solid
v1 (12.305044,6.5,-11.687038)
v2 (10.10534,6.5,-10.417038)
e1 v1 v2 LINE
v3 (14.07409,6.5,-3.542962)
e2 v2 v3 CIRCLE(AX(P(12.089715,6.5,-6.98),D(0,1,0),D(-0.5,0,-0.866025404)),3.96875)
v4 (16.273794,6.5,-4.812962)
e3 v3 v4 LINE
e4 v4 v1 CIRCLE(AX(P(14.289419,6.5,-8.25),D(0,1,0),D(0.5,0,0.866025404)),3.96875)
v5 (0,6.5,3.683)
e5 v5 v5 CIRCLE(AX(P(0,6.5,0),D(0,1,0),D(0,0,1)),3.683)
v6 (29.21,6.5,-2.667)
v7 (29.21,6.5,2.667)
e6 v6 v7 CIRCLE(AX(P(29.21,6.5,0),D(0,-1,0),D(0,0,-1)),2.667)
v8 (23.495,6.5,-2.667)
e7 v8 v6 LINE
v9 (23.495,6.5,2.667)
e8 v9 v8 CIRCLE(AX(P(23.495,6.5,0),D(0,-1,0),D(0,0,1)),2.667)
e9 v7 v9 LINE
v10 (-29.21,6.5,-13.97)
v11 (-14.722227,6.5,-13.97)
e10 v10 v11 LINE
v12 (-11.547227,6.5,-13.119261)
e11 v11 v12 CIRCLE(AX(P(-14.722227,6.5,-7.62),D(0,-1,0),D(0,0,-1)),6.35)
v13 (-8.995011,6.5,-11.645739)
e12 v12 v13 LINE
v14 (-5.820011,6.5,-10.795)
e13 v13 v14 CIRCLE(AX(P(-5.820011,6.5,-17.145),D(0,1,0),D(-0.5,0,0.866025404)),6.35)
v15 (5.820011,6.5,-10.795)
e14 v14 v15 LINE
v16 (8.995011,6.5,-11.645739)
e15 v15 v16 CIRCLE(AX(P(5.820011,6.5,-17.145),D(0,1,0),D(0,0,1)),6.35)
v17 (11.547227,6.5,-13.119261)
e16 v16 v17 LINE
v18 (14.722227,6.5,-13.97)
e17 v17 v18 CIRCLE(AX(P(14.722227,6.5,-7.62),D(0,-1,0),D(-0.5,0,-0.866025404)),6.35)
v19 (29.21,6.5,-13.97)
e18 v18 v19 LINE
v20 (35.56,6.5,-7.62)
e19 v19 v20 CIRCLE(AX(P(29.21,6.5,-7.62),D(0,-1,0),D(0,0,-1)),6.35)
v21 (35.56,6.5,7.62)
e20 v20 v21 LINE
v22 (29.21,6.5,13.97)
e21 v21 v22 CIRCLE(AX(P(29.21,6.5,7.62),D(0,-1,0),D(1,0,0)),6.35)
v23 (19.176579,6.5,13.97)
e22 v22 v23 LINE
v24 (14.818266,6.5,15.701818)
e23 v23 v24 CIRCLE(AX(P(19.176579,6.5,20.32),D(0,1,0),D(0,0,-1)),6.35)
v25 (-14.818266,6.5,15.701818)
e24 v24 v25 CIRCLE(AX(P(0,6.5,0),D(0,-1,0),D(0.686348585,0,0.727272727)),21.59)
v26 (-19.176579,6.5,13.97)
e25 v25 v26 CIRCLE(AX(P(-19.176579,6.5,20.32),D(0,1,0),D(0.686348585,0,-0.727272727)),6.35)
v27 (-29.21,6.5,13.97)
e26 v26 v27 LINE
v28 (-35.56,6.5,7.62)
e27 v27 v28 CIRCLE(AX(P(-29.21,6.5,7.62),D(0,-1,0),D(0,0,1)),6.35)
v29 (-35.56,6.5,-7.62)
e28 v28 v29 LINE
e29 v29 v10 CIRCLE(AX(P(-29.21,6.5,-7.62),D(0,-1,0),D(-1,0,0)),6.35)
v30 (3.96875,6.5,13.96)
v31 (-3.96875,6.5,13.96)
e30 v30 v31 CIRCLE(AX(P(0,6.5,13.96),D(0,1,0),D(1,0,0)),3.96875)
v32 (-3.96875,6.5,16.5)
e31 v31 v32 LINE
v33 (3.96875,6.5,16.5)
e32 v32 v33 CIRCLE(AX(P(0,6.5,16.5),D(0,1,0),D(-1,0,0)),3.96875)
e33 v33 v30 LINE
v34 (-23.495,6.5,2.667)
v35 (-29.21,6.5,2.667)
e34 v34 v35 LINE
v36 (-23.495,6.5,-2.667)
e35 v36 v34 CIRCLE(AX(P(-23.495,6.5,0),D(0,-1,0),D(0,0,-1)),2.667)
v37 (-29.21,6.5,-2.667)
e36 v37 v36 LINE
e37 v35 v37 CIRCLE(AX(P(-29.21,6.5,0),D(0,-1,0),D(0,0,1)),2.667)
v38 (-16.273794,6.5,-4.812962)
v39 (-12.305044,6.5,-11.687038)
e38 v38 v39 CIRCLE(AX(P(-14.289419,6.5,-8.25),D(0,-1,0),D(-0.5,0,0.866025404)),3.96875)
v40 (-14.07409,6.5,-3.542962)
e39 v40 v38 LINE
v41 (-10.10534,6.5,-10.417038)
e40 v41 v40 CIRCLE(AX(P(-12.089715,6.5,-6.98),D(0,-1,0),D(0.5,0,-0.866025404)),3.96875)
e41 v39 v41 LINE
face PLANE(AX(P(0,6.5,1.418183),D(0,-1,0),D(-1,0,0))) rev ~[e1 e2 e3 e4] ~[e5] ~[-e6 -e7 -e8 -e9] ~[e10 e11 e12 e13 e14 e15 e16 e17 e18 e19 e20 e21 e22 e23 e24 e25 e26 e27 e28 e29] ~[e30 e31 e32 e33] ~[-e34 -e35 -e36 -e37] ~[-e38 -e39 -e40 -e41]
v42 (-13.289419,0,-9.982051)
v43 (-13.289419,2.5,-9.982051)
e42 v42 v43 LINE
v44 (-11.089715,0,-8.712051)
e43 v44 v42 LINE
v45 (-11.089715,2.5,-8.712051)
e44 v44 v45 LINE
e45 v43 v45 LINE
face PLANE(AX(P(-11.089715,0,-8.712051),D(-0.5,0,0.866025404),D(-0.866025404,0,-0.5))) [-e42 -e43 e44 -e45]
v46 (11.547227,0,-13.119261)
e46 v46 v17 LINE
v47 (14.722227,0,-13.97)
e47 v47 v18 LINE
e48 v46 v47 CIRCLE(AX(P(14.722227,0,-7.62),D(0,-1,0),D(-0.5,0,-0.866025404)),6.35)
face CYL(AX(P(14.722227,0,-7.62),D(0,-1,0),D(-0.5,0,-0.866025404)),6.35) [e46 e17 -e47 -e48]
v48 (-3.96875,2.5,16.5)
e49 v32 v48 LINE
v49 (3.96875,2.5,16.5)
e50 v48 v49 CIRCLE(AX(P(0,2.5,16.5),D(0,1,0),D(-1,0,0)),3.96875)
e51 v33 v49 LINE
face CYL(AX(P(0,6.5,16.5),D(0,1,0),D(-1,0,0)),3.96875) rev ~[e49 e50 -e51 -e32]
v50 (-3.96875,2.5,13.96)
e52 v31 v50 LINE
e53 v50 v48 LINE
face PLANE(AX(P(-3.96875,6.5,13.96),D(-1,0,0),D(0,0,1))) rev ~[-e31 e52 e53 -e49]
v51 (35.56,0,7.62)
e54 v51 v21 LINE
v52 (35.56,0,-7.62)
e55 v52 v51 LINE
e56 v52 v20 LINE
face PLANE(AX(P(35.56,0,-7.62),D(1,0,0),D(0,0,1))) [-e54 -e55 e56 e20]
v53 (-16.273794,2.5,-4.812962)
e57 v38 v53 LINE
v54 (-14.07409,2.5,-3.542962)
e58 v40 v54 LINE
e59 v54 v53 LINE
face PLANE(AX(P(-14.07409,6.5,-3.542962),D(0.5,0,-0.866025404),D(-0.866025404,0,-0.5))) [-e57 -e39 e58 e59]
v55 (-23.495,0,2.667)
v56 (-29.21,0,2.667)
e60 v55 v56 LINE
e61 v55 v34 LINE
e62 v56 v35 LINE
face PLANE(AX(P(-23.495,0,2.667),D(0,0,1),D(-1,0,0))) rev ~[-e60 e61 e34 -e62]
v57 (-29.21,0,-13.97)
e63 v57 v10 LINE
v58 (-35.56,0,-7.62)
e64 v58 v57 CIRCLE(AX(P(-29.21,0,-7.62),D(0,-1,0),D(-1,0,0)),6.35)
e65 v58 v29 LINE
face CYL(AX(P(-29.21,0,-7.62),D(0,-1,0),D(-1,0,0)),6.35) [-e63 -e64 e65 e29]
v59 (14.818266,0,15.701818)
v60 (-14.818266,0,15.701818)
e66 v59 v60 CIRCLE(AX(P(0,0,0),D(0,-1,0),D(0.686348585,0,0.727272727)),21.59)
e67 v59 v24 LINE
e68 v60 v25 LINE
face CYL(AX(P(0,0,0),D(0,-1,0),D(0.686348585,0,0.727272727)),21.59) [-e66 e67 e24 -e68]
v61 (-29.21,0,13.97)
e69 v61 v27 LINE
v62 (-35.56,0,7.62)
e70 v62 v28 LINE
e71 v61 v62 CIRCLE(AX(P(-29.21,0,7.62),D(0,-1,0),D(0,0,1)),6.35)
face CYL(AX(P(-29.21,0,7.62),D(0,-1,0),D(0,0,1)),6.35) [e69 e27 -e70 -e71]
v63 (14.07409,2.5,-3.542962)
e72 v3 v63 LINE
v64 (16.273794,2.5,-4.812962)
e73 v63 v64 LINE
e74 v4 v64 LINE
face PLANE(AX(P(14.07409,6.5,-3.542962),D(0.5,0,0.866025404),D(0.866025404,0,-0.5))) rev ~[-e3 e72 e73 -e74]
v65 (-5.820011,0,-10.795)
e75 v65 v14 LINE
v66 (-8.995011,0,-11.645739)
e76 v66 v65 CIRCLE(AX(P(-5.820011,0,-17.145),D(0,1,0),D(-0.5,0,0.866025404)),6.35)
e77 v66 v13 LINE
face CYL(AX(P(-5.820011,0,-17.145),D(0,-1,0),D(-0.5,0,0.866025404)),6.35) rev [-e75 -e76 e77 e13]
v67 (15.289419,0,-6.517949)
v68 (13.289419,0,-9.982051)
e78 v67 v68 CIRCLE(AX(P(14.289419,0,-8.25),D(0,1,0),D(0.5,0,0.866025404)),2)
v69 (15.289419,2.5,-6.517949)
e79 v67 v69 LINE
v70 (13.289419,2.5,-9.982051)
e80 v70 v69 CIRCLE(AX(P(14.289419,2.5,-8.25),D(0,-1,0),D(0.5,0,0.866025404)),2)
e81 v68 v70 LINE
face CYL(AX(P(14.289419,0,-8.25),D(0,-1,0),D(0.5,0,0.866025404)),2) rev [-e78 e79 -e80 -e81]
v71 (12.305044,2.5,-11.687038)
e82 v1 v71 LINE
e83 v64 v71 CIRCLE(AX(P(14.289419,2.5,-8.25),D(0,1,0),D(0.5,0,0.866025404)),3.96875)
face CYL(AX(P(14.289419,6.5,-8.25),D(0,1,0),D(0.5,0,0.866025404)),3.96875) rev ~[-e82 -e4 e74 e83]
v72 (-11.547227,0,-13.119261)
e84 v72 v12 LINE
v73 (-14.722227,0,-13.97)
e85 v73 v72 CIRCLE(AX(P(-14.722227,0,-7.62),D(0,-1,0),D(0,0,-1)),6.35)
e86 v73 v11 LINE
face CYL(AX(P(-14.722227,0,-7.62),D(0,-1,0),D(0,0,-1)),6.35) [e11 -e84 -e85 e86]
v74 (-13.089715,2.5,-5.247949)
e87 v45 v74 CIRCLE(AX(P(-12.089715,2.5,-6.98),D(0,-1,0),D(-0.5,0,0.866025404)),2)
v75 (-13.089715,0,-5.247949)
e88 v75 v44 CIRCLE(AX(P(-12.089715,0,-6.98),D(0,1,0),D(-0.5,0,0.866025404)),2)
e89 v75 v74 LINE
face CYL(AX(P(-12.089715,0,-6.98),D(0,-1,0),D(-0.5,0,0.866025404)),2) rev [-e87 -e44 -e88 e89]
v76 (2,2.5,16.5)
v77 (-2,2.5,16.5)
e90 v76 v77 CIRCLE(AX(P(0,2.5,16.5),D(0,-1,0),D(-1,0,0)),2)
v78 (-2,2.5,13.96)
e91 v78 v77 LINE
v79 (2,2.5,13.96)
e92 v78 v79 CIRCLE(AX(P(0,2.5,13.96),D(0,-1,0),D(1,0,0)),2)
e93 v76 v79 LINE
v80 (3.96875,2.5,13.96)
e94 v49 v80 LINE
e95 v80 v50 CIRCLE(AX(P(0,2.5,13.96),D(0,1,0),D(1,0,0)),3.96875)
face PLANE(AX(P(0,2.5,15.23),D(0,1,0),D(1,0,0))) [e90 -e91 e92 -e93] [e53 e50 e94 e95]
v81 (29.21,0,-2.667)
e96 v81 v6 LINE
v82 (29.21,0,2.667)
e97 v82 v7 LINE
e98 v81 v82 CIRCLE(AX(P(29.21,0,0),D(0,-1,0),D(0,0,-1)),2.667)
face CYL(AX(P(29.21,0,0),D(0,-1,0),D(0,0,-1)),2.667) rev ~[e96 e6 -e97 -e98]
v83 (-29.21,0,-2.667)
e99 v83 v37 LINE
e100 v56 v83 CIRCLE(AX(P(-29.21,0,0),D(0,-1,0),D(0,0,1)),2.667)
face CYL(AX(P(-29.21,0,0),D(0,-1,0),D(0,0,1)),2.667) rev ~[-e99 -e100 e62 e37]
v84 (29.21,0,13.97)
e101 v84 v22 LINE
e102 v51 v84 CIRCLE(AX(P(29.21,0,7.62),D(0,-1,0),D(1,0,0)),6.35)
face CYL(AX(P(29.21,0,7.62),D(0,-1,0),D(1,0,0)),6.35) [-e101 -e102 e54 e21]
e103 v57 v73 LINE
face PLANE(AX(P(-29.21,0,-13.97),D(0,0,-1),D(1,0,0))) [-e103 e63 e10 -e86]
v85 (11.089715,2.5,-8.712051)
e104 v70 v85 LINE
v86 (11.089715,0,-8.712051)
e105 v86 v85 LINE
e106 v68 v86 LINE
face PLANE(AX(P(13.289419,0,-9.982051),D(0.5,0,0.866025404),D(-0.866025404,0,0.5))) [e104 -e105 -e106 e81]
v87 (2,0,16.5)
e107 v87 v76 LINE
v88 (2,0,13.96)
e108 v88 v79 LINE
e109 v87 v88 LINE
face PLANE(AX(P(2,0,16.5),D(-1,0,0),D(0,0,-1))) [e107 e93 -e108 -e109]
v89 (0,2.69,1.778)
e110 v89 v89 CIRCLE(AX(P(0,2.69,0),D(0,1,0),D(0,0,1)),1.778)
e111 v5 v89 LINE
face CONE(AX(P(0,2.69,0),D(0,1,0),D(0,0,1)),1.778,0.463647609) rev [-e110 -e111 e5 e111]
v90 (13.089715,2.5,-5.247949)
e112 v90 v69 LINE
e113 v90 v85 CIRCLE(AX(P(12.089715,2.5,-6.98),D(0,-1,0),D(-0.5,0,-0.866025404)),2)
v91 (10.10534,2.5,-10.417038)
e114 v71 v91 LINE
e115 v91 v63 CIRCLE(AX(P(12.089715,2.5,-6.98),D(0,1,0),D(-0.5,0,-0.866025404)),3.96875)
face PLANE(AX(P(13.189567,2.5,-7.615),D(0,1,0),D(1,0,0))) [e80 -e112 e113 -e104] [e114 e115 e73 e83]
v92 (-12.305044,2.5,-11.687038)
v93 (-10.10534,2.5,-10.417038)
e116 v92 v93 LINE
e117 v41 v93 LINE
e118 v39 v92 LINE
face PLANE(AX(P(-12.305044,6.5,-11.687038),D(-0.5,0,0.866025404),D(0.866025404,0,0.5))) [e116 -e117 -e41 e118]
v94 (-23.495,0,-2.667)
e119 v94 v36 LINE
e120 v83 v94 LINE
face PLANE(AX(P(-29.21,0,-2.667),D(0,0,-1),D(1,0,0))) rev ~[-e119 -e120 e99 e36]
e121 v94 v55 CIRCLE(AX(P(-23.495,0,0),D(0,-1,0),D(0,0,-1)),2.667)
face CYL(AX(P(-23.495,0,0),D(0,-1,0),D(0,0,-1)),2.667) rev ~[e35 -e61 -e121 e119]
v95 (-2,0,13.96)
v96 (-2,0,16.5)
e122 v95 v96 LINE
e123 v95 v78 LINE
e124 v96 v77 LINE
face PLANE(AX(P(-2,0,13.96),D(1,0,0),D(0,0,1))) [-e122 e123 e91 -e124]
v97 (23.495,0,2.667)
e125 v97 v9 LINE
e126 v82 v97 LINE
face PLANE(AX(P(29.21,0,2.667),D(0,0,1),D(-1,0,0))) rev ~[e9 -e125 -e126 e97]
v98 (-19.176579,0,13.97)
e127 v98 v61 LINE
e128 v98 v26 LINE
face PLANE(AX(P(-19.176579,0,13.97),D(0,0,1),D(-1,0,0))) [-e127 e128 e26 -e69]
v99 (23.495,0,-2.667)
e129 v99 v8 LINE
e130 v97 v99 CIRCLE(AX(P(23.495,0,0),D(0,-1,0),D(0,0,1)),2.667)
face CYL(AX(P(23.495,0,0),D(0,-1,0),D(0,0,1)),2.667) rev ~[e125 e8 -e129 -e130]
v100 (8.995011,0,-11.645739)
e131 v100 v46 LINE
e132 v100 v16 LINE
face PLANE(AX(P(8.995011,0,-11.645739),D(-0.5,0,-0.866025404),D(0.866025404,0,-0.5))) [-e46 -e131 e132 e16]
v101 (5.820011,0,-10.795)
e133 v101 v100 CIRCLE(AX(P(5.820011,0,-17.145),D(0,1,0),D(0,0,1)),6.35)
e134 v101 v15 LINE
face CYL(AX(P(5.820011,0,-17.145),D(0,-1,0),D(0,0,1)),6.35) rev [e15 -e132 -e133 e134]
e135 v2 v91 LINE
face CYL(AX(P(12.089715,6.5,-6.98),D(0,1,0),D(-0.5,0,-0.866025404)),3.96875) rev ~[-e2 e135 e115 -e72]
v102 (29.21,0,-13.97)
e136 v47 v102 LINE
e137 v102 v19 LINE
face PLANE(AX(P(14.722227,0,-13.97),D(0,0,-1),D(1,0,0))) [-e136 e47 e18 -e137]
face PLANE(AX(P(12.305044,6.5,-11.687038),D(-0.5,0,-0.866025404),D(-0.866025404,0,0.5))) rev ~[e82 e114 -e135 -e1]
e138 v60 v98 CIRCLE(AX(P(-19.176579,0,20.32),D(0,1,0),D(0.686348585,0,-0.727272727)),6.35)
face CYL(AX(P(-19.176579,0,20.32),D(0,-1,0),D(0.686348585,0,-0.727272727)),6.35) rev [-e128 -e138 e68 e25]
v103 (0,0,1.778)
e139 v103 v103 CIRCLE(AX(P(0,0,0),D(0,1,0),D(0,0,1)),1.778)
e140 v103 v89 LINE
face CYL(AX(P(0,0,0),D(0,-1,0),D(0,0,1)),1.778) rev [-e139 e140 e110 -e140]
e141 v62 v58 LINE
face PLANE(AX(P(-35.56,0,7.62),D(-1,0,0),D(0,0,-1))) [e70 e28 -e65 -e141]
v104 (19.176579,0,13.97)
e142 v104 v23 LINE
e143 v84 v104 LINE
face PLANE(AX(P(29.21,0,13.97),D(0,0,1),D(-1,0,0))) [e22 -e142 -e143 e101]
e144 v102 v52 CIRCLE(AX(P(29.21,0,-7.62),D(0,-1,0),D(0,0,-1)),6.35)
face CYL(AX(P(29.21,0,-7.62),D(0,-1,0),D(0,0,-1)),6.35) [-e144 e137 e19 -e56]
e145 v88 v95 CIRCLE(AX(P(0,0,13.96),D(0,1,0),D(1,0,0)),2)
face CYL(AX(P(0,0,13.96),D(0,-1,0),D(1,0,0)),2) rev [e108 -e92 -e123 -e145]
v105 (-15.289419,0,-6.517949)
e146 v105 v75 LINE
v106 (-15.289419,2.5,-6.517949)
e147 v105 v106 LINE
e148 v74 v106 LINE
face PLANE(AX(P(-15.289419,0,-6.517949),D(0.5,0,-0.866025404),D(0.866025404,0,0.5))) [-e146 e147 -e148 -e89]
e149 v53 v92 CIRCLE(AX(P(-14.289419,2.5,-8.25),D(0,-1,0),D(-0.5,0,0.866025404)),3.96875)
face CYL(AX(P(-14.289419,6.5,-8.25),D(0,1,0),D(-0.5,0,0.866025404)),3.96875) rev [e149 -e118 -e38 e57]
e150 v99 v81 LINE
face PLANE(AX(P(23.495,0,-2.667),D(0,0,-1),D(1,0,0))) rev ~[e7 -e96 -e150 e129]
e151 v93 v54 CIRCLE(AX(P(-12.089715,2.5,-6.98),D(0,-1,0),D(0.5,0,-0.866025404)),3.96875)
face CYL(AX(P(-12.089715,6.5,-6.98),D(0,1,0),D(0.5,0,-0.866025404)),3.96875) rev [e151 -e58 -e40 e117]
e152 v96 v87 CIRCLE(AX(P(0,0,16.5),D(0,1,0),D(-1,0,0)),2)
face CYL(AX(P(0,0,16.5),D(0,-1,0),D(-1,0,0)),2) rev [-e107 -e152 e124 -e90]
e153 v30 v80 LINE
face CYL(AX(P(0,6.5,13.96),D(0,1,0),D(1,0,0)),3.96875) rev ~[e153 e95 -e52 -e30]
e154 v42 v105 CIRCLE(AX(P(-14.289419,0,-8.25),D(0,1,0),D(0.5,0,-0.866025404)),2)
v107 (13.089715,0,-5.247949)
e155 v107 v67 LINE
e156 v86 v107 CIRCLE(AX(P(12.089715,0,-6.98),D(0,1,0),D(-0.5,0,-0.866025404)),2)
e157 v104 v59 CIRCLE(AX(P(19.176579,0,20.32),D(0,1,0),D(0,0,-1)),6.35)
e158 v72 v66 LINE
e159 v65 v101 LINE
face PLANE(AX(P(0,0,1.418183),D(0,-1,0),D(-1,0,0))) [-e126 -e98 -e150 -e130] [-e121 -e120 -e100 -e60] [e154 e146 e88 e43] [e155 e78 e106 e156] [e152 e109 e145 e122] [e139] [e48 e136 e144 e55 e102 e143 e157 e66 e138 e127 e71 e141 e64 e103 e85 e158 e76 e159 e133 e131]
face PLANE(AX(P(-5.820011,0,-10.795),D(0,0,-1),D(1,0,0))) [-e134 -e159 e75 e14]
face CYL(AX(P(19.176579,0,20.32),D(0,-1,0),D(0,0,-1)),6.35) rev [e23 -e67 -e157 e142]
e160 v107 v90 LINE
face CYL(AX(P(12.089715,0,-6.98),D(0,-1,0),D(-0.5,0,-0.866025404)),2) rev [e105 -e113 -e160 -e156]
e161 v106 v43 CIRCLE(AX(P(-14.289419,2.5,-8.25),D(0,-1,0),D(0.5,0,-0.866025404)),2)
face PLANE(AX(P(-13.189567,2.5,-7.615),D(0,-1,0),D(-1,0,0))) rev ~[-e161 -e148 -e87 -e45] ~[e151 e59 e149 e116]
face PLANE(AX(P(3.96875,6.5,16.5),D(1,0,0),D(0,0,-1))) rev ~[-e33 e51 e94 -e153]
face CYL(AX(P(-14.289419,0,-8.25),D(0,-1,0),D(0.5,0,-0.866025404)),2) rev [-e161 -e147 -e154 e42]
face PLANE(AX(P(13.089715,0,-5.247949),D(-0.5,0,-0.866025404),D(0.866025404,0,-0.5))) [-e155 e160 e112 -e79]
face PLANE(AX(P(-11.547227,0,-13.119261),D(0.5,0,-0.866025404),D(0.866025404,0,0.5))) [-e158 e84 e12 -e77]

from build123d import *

# Parameters (mm, degrees)
SKETCH1_R           = 1.778
BOSS_EXTRUDE1_DEPTH = 6.5
CUT_EXTRUDE1_DEPTH  = 4
CHAMFER1_SIZE       = 1.905
CHAMFER1_SIZE2      = 3.81


with BuildPart() as part:
    # Sketch1 → Boss-Extrude1 (new body)
    with BuildSketch(Plane(origin=(0, 0, 0), x_dir=(1, 0, 0), z_dir=(0, 1, 0))):
        with BuildLine():
            Line((14.722227154, 13.97), (29.21, 13.97))
            ThreePointArc((29.21, 13.97), (33.700128061, 12.110128061), (35.56, 7.62))
            Line((35.56, 7.62), (35.56, -7.62))
            ThreePointArc((35.56, -7.62), (33.700128061, -12.110128061), (29.21, -13.97))
            Line((29.21, -13.97), (19.176579466, -13.97))
            ThreePointArc((19.176579466, -13.97), (16.831686562, -14.418815604), (14.818265951, -15.701818182))
            ThreePointArc((14.818265951, -15.701818182), (0, -21.59), (-14.818265951, -15.701818182))
            ThreePointArc((-14.818265951, -15.701818182), (-16.831686562, -14.418815604), (-19.176579466, -13.97))
            Line((-19.176579466, -13.97), (-29.21, -13.97))
            ThreePointArc((-29.21, -13.97), (-33.700128061, -12.110128061), (-35.56, -7.62))
            Line((-35.56, -7.62), (-35.56, 7.62))
            ThreePointArc((-35.56, 7.62), (-33.700128061, 12.110128061), (-29.21, 13.97))
            Line((-29.21, 13.97), (-14.722227154, 13.97))
            ThreePointArc((-14.722227154, 13.97), (-13.078726217, 13.753628997), (-11.547227154, 13.119261314))
            Line((-11.547227154, 13.119261314), (-8.995011096, 11.645738686))
            ThreePointArc((-8.995011096, 11.645738686), (-7.463512032, 11.011371003), (-5.820011096, 10.795))
            Line((-5.820011096, 10.795), (5.820011096, 10.795))
            ThreePointArc((5.820011096, 10.795), (7.463512032, 11.011371003), (8.995011096, 11.645738686))
            Line((8.995011096, 11.645738686), (11.547227154, 13.119261314))
            ThreePointArc((11.547227154, 13.119261314), (13.078726217, 13.753628997), (14.722227154, 13.97))
        make_face()
        with Locations(Location((0, 0, 0), (0, 0, 270))):  # turned: the seam where the file's is
            Circle(SKETCH1_R, mode=Mode.SUBTRACT)
        with BuildLine():
            Line((-23.495, -2.667), (-29.21, -2.667))
            ThreePointArc((-29.21, -2.667), (-31.877, 0), (-29.21, 2.667))
            Line((-29.21, 2.667), (-23.495, 2.667))
            ThreePointArc((-23.495, 2.667), (-20.828, 0), (-23.495, -2.667))
        make_face(mode=Mode.SUBTRACT)
        with BuildLine():
            Line((23.495, 2.667), (29.21, 2.667))
            ThreePointArc((29.21, 2.667), (31.877, 0), (29.21, -2.667))
            Line((29.21, -2.667), (23.495, -2.667))
            ThreePointArc((23.495, -2.667), (20.828, 0), (23.495, 2.667))
        make_face(mode=Mode.SUBTRACT)
        with BuildLine():
            Line((-15.289419162, 6.517949192), (-13.089714637, 5.247949192))
            ThreePointArc((-13.089714637, 5.247949192), (-10.357663829, 5.98), (-11.089714637, 8.712050808))
            Line((-11.089714637, 8.712050808), (-13.289419162, 9.982050808))
            ThreePointArc((-13.289419162, 9.982050808), (-16.02146997, 9.25), (-15.289419162, 6.517949192))
        make_face(mode=Mode.SUBTRACT)
        with BuildLine():
            Line((13.289419162, 9.982050808), (11.089714637, 8.712050808))
            ThreePointArc((11.089714637, 8.712050808), (10.357663829, 5.98), (13.089714637, 5.247949192))
            Line((13.089714637, 5.247949192), (15.289419162, 6.517949192))
            ThreePointArc((15.289419162, 6.517949192), (16.02146997, 9.25), (13.289419162, 9.982050808))
        make_face(mode=Mode.SUBTRACT)
        with BuildLine():
            Line((2, -16.5), (2, -13.96))
            ThreePointArc((2, -13.96), (0, -11.96), (-2, -13.96))
            Line((-2, -13.96), (-2, -16.5))
            ThreePointArc((-2, -16.5), (0, -18.5), (2, -16.5))
        make_face(mode=Mode.SUBTRACT)
    extrude(amount=BOSS_EXTRUDE1_DEPTH)

    # Sketch5 → Cut-Extrude1 (cut)
    with BuildSketch(Plane(origin=(0, 6.5, 0), x_dir=(1, 0, 0), z_dir=(0, 1, 0))):
        with BuildLine():
            Line((-3.96875, -13.96), (-3.96875, -16.5))
            ThreePointArc((-3.96875, -16.5), (0, -20.46875), (3.96875, -16.5))
            Line((3.96875, -16.5), (3.96875, -13.96))
            ThreePointArc((3.96875, -13.96), (0, -9.99125), (-3.96875, -13.96))
        make_face()
        with BuildLine():
            Line((12.305044162, 11.687038321), (10.105339637, 10.417038321))
            ThreePointArc((10.105339637, 10.417038321), (8.652676316, 4.995625), (14.074089637, 3.542961679))
            Line((14.074089637, 3.542961679), (16.273794162, 4.812961679))
            ThreePointArc((16.273794162, 4.812961679), (17.726457484, 10.234375), (12.305044162, 11.687038321))
        make_face()
        with BuildLine():
            Line((-12.305044162, 11.687038321), (-10.105339637, 10.417038321))
            ThreePointArc((-10.105339637, 10.417038321), (-8.652676316, 4.995625), (-14.074089637, 3.542961679))
            Line((-14.074089637, 3.542961679), (-16.273794162, 4.812961679))
            ThreePointArc((-16.273794162, 4.812961679), (-17.726457484, 10.234375), (-12.305044162, 11.687038321))
        make_face()
    extrude(amount=-CUT_EXTRUDE1_DEPTH, mode=Mode.SUBTRACT)

    # Chamfer1
    chamfer1_edges = [part.edges().sort_by_distance(p)[0] for p in [
        (0, 6.5, -1.778),
    ]]
    chamfer1_side = [part.faces().sort_by_distance(p)[0] for p in [
        (0, 6.5, 2.195443335),
    ]]
    chamfer(chamfer1_edges, length=CHAMFER1_SIZE, length2=CHAMFER1_SIZE2, reference=chamfer1_side[0])


solid = part.part
